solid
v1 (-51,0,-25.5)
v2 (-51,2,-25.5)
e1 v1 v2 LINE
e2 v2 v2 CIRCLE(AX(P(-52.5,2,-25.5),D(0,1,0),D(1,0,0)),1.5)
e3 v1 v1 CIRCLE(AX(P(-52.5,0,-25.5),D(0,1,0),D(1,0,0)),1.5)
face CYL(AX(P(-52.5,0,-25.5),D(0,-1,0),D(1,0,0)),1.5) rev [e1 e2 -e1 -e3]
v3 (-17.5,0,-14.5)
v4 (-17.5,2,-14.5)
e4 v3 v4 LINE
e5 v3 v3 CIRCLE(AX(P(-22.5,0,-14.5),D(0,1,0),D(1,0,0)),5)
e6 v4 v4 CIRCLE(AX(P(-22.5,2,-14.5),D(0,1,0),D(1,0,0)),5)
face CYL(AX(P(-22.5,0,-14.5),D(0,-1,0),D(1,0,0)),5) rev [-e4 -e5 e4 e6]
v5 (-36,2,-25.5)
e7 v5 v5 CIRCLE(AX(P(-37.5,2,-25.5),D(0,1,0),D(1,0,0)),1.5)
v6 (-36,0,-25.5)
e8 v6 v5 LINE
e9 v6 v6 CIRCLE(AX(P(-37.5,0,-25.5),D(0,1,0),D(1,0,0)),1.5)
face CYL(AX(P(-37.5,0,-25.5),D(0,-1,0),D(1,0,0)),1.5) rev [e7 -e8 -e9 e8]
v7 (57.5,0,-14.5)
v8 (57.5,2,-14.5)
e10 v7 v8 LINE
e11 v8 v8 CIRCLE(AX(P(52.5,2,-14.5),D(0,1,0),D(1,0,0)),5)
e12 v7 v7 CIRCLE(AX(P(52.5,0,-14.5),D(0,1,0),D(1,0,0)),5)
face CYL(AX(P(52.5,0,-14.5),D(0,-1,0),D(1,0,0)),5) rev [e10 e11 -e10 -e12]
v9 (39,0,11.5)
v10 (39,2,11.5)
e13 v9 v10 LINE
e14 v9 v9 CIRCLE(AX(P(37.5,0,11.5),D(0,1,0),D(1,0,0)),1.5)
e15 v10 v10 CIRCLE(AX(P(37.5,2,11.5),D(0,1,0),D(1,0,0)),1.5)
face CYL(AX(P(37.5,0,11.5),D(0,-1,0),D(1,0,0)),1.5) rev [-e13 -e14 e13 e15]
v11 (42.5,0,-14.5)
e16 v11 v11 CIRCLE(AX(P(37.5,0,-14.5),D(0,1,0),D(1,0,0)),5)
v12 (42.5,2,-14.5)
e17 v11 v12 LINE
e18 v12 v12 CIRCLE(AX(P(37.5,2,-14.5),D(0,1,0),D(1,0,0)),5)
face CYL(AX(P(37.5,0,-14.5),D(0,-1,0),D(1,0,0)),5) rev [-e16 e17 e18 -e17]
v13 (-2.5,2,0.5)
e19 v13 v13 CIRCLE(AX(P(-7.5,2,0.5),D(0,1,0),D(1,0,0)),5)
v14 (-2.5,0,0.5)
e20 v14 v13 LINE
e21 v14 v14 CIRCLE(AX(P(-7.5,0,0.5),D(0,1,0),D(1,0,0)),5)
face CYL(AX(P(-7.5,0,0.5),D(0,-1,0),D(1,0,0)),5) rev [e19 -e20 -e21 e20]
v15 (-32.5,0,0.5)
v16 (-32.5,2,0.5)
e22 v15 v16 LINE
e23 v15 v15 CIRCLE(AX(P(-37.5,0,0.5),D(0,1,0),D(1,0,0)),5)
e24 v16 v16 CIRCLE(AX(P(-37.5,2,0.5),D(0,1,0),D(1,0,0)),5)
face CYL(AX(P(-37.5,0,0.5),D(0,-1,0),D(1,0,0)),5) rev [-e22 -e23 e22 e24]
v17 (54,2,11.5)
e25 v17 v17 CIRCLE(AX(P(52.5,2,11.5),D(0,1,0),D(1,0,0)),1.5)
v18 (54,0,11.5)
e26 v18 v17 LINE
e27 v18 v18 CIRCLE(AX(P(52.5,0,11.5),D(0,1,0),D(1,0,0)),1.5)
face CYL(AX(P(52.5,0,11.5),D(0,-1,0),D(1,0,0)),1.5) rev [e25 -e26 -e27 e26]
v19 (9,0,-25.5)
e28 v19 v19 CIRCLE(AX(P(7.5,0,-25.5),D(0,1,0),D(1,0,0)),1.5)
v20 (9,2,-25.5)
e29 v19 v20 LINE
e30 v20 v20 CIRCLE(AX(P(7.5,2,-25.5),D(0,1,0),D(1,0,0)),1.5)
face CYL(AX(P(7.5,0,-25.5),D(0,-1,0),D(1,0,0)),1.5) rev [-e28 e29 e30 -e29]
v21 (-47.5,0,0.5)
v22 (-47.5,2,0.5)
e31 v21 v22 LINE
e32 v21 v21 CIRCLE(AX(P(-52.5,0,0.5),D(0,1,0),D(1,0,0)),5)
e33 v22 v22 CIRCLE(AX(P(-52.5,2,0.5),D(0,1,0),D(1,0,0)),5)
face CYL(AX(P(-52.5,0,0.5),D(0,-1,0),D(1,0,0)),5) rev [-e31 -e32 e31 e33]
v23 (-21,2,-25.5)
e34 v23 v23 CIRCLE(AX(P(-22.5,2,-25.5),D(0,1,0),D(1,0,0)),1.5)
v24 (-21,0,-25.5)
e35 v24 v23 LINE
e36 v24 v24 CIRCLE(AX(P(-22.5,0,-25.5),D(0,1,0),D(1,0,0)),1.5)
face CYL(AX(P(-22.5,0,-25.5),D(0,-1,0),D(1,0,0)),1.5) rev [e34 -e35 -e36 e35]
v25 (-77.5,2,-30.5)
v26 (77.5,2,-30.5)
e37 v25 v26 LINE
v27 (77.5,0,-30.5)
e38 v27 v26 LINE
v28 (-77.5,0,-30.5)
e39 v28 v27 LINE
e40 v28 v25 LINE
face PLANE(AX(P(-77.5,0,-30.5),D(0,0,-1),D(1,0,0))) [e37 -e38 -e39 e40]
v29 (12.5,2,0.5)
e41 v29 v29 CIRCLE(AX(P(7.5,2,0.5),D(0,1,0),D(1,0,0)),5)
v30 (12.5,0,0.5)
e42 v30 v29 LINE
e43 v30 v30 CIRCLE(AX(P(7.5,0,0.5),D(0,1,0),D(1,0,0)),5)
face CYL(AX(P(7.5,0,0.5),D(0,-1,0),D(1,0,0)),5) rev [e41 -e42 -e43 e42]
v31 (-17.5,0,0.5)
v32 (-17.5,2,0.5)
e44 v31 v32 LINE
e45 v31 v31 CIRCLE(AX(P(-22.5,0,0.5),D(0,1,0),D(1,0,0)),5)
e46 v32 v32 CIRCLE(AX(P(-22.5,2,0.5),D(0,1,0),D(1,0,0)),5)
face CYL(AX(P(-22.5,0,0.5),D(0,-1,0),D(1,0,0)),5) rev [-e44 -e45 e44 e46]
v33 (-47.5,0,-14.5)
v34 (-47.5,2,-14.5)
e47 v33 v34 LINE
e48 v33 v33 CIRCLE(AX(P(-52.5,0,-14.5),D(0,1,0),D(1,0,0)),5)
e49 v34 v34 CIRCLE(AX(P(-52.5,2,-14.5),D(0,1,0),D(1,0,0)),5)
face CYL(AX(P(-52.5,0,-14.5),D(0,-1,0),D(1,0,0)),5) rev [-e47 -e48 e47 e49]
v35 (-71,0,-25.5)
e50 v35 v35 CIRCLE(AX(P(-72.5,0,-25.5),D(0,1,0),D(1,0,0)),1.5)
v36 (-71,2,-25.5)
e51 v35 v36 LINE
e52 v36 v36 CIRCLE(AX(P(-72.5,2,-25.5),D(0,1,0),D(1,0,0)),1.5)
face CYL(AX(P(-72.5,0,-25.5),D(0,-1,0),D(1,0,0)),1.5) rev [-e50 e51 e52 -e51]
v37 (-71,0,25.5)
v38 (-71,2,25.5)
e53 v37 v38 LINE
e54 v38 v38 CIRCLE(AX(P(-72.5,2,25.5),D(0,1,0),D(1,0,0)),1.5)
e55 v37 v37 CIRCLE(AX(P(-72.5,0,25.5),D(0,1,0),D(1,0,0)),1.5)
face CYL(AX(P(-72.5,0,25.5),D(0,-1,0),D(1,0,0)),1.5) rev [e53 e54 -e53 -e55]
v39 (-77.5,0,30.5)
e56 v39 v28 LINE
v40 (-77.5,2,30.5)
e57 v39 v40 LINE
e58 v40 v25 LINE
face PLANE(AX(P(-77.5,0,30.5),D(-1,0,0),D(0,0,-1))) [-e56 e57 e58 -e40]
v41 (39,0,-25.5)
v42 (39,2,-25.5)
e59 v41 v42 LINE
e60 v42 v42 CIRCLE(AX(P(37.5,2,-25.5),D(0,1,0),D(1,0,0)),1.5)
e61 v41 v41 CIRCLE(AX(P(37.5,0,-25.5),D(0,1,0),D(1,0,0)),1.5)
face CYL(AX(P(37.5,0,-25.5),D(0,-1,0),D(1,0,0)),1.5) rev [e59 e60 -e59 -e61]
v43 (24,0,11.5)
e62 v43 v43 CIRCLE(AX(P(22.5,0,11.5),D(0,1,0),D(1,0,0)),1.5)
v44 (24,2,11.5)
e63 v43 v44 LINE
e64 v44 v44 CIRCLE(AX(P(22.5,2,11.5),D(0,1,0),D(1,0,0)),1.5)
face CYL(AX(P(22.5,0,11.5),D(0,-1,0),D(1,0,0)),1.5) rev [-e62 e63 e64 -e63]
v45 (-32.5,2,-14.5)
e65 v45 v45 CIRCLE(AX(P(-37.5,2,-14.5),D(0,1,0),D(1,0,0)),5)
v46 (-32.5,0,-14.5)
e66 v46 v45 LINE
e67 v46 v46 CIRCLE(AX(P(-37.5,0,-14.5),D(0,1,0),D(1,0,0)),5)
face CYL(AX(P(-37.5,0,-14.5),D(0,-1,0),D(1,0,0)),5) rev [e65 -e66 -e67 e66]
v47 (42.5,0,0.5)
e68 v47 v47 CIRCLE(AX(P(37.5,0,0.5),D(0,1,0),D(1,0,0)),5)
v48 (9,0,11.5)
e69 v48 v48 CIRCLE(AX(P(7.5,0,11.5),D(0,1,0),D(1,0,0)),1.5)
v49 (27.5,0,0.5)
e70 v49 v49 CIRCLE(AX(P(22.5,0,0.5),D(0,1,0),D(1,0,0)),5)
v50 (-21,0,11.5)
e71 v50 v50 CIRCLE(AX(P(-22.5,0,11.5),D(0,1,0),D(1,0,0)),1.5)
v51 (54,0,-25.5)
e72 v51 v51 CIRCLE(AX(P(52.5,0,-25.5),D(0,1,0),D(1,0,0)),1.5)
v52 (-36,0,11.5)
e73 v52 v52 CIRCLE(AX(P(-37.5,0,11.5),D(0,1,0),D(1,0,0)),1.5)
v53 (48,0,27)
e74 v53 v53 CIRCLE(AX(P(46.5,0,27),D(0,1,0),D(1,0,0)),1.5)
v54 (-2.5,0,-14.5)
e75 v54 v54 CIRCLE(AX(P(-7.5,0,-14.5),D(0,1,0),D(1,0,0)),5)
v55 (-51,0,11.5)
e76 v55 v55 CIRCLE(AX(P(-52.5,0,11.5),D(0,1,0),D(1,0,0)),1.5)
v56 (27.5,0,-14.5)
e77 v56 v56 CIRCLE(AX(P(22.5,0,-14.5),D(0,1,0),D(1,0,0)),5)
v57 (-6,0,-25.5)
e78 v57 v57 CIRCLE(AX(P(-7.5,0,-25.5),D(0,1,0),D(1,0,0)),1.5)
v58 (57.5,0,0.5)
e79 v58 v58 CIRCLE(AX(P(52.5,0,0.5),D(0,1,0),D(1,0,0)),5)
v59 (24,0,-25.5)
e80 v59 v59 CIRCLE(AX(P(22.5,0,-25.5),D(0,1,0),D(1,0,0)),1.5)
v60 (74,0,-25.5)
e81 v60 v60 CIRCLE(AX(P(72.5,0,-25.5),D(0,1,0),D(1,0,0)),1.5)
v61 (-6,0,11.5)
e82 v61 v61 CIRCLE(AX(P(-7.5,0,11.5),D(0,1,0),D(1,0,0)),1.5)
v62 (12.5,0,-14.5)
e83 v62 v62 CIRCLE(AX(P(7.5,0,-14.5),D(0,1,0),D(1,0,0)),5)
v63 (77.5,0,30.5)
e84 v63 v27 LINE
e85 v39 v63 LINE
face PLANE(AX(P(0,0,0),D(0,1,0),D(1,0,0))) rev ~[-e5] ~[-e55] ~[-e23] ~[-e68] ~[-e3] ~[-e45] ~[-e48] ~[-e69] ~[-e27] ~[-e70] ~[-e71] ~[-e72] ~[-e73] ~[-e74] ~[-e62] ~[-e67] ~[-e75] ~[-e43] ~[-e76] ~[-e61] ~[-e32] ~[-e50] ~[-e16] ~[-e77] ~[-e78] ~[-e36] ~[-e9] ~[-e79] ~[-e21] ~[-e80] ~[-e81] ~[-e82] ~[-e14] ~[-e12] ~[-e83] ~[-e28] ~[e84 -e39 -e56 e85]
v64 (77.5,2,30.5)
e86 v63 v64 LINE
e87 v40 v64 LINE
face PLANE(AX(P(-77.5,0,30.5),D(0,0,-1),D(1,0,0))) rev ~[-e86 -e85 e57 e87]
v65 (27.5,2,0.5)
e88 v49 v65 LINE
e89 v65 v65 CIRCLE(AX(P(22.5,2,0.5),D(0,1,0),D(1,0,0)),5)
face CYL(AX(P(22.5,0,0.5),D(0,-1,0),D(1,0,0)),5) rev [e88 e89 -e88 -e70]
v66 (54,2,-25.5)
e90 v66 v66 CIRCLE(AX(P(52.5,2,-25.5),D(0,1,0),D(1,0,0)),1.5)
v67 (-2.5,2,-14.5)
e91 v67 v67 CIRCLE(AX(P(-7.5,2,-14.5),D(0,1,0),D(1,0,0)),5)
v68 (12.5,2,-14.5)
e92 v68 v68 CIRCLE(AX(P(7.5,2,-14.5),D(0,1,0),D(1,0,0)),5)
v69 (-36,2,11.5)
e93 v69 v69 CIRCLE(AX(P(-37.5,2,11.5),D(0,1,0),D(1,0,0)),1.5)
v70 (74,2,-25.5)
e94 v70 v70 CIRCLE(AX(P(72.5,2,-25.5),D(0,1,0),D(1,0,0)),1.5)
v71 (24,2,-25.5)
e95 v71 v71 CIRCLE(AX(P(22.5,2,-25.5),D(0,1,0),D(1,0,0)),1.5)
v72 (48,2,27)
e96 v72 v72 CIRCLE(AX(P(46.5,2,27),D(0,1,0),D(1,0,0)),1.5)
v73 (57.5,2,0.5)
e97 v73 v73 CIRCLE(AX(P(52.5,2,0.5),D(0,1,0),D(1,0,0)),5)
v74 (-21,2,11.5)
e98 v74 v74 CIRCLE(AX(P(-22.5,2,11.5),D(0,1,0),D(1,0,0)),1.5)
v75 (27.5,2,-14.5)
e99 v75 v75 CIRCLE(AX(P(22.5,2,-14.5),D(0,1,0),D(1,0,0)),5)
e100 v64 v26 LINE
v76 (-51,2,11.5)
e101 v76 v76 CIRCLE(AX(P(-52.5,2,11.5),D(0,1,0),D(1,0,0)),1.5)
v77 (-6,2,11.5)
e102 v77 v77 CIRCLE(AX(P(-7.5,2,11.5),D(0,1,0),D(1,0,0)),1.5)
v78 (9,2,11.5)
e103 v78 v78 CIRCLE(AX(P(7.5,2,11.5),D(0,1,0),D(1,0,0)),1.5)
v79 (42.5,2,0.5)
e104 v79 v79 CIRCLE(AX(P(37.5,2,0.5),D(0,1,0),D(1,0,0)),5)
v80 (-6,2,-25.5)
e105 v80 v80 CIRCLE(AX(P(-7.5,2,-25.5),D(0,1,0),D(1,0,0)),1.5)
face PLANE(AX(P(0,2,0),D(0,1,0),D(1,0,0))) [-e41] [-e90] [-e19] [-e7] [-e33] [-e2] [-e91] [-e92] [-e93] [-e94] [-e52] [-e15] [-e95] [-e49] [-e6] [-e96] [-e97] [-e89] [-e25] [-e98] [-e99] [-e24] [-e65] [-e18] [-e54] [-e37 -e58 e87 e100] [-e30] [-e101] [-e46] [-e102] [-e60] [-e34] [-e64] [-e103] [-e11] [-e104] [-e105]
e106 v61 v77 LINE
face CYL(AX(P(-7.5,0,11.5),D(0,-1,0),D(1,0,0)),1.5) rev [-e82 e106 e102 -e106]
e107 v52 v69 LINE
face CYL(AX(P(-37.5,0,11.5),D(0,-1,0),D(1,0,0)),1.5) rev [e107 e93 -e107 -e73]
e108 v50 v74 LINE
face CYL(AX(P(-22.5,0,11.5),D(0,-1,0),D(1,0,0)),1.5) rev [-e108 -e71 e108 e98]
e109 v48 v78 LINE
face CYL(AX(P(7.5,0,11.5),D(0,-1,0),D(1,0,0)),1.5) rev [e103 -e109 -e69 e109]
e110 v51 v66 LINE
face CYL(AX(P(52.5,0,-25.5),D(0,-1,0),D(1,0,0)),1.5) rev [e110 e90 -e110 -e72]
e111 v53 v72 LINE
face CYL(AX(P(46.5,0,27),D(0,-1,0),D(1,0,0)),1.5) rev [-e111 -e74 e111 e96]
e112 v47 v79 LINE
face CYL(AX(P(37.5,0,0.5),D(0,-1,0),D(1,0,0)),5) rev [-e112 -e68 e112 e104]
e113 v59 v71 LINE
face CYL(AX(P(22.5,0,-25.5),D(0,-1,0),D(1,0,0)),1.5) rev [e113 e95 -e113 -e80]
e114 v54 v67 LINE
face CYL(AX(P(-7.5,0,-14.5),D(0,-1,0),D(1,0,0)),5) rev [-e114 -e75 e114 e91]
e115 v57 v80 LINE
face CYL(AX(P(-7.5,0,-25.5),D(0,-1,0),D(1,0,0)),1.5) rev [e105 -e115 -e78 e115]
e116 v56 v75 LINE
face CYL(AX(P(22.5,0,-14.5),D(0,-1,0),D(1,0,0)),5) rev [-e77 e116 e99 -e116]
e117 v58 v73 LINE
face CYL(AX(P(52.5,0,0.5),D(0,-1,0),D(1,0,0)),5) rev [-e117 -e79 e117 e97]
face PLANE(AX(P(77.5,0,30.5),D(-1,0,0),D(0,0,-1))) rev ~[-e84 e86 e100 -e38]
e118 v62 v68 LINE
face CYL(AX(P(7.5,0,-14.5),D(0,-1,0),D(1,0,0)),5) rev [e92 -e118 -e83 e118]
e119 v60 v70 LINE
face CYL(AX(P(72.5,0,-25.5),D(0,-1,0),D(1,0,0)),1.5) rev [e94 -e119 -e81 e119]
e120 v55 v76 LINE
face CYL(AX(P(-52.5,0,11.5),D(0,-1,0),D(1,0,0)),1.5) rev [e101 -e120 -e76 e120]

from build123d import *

# Parameters (mm, degrees)
ESQUISSE1_W        = 155
ESQUISSE1_H        = 61
ESQUISSE1_R        = 5
ESQUISSE1_R_2      = 1.5
BOSS_EXTRU_2_DEPTH = 2


with BuildPart() as part:
    # Esquisse1 → Boss.-Extru.2 (new body)
    with BuildSketch(Plane(origin=(0, 0, 0), x_dir=(1, 0, 0), z_dir=(0, 1, 0))):
        Rectangle(ESQUISSE1_W, ESQUISSE1_H)
        with Locations((-52.5, 14.5)):
            Circle(ESQUISSE1_R, mode=Mode.SUBTRACT)
        with Locations((-37.5, 14.5)):
            Circle(ESQUISSE1_R, mode=Mode.SUBTRACT)
        with Locations((-22.5, 14.5)):
            Circle(ESQUISSE1_R, mode=Mode.SUBTRACT)
        with Locations((-7.5, 14.5)):
            Circle(ESQUISSE1_R, mode=Mode.SUBTRACT)
        with Locations((7.5, 14.5)):
            Circle(ESQUISSE1_R, mode=Mode.SUBTRACT)
        with Locations((22.5, 14.5)):
            Circle(ESQUISSE1_R, mode=Mode.SUBTRACT)
        with Locations((37.5, 14.5)):
            Circle(ESQUISSE1_R, mode=Mode.SUBTRACT)
        with Locations((52.5, 14.5)):
            Circle(ESQUISSE1_R, mode=Mode.SUBTRACT)
        with Locations((-37.5, -0.5)):
            Circle(ESQUISSE1_R, mode=Mode.SUBTRACT)
        with Locations((-22.5, -0.5)):
            Circle(ESQUISSE1_R, mode=Mode.SUBTRACT)
        with Locations((-7.5, -0.5)):
            Circle(ESQUISSE1_R, mode=Mode.SUBTRACT)
        with Locations((7.5, -0.5)):
            Circle(ESQUISSE1_R, mode=Mode.SUBTRACT)
        with Locations((22.5, -0.5)):
            Circle(ESQUISSE1_R, mode=Mode.SUBTRACT)
        with Locations((37.5, -0.5)):
            Circle(ESQUISSE1_R, mode=Mode.SUBTRACT)
        with Locations((52.5, -0.5)):
            Circle(ESQUISSE1_R, mode=Mode.SUBTRACT)
        with Locations((-52.5, -0.5)):
            Circle(ESQUISSE1_R, mode=Mode.SUBTRACT)
        with Locations((-52.5, 25.5)):
            Circle(ESQUISSE1_R_2, mode=Mode.SUBTRACT)
        with Locations((-37.5, 25.5)):
            Circle(ESQUISSE1_R_2, mode=Mode.SUBTRACT)
        with Locations((-22.5, 25.5)):
            Circle(ESQUISSE1_R_2, mode=Mode.SUBTRACT)
        with Locations((-7.5, 25.5)):
            Circle(ESQUISSE1_R_2, mode=Mode.SUBTRACT)
        with Locations((7.5, 25.5)):
            Circle(ESQUISSE1_R_2, mode=Mode.SUBTRACT)
        with Locations((22.5, 25.5)):
            Circle(ESQUISSE1_R_2, mode=Mode.SUBTRACT)
        with Locations((37.5, 25.5)):
            Circle(ESQUISSE1_R_2, mode=Mode.SUBTRACT)
        with Locations((52.5, 25.5)):
            Circle(ESQUISSE1_R_2, mode=Mode.SUBTRACT)
        with Locations((-52.5, -11.5)):
            Circle(ESQUISSE1_R_2, mode=Mode.SUBTRACT)
        with Locations((-37.5, -11.5)):
            Circle(ESQUISSE1_R_2, mode=Mode.SUBTRACT)
        with Locations((-22.5, -11.5)):
            Circle(ESQUISSE1_R_2, mode=Mode.SUBTRACT)
        with Locations((-7.5, -11.5)):
            Circle(ESQUISSE1_R_2, mode=Mode.SUBTRACT)
        with Locations((7.5, -11.5)):
            Circle(ESQUISSE1_R_2, mode=Mode.SUBTRACT)
        with Locations((22.5, -11.5)):
            Circle(ESQUISSE1_R_2, mode=Mode.SUBTRACT)
        with Locations((37.5, -11.5)):
            Circle(ESQUISSE1_R_2, mode=Mode.SUBTRACT)
        with Locations((52.5, -11.5)):
            Circle(ESQUISSE1_R_2, mode=Mode.SUBTRACT)
        with Locations((46.5, -27)):
            Circle(ESQUISSE1_R_2, mode=Mode.SUBTRACT)
        with Locations((-72.5, 25.5)):
            Circle(ESQUISSE1_R_2, mode=Mode.SUBTRACT)
        with Locations((-72.5, -25.5)):
            Circle(ESQUISSE1_R_2, mode=Mode.SUBTRACT)
        with Locations((72.5, 25.5)):
            Circle(ESQUISSE1_R_2, mode=Mode.SUBTRACT)
    extrude(amount=BOSS_EXTRU_2_DEPTH)


solid = part.part
